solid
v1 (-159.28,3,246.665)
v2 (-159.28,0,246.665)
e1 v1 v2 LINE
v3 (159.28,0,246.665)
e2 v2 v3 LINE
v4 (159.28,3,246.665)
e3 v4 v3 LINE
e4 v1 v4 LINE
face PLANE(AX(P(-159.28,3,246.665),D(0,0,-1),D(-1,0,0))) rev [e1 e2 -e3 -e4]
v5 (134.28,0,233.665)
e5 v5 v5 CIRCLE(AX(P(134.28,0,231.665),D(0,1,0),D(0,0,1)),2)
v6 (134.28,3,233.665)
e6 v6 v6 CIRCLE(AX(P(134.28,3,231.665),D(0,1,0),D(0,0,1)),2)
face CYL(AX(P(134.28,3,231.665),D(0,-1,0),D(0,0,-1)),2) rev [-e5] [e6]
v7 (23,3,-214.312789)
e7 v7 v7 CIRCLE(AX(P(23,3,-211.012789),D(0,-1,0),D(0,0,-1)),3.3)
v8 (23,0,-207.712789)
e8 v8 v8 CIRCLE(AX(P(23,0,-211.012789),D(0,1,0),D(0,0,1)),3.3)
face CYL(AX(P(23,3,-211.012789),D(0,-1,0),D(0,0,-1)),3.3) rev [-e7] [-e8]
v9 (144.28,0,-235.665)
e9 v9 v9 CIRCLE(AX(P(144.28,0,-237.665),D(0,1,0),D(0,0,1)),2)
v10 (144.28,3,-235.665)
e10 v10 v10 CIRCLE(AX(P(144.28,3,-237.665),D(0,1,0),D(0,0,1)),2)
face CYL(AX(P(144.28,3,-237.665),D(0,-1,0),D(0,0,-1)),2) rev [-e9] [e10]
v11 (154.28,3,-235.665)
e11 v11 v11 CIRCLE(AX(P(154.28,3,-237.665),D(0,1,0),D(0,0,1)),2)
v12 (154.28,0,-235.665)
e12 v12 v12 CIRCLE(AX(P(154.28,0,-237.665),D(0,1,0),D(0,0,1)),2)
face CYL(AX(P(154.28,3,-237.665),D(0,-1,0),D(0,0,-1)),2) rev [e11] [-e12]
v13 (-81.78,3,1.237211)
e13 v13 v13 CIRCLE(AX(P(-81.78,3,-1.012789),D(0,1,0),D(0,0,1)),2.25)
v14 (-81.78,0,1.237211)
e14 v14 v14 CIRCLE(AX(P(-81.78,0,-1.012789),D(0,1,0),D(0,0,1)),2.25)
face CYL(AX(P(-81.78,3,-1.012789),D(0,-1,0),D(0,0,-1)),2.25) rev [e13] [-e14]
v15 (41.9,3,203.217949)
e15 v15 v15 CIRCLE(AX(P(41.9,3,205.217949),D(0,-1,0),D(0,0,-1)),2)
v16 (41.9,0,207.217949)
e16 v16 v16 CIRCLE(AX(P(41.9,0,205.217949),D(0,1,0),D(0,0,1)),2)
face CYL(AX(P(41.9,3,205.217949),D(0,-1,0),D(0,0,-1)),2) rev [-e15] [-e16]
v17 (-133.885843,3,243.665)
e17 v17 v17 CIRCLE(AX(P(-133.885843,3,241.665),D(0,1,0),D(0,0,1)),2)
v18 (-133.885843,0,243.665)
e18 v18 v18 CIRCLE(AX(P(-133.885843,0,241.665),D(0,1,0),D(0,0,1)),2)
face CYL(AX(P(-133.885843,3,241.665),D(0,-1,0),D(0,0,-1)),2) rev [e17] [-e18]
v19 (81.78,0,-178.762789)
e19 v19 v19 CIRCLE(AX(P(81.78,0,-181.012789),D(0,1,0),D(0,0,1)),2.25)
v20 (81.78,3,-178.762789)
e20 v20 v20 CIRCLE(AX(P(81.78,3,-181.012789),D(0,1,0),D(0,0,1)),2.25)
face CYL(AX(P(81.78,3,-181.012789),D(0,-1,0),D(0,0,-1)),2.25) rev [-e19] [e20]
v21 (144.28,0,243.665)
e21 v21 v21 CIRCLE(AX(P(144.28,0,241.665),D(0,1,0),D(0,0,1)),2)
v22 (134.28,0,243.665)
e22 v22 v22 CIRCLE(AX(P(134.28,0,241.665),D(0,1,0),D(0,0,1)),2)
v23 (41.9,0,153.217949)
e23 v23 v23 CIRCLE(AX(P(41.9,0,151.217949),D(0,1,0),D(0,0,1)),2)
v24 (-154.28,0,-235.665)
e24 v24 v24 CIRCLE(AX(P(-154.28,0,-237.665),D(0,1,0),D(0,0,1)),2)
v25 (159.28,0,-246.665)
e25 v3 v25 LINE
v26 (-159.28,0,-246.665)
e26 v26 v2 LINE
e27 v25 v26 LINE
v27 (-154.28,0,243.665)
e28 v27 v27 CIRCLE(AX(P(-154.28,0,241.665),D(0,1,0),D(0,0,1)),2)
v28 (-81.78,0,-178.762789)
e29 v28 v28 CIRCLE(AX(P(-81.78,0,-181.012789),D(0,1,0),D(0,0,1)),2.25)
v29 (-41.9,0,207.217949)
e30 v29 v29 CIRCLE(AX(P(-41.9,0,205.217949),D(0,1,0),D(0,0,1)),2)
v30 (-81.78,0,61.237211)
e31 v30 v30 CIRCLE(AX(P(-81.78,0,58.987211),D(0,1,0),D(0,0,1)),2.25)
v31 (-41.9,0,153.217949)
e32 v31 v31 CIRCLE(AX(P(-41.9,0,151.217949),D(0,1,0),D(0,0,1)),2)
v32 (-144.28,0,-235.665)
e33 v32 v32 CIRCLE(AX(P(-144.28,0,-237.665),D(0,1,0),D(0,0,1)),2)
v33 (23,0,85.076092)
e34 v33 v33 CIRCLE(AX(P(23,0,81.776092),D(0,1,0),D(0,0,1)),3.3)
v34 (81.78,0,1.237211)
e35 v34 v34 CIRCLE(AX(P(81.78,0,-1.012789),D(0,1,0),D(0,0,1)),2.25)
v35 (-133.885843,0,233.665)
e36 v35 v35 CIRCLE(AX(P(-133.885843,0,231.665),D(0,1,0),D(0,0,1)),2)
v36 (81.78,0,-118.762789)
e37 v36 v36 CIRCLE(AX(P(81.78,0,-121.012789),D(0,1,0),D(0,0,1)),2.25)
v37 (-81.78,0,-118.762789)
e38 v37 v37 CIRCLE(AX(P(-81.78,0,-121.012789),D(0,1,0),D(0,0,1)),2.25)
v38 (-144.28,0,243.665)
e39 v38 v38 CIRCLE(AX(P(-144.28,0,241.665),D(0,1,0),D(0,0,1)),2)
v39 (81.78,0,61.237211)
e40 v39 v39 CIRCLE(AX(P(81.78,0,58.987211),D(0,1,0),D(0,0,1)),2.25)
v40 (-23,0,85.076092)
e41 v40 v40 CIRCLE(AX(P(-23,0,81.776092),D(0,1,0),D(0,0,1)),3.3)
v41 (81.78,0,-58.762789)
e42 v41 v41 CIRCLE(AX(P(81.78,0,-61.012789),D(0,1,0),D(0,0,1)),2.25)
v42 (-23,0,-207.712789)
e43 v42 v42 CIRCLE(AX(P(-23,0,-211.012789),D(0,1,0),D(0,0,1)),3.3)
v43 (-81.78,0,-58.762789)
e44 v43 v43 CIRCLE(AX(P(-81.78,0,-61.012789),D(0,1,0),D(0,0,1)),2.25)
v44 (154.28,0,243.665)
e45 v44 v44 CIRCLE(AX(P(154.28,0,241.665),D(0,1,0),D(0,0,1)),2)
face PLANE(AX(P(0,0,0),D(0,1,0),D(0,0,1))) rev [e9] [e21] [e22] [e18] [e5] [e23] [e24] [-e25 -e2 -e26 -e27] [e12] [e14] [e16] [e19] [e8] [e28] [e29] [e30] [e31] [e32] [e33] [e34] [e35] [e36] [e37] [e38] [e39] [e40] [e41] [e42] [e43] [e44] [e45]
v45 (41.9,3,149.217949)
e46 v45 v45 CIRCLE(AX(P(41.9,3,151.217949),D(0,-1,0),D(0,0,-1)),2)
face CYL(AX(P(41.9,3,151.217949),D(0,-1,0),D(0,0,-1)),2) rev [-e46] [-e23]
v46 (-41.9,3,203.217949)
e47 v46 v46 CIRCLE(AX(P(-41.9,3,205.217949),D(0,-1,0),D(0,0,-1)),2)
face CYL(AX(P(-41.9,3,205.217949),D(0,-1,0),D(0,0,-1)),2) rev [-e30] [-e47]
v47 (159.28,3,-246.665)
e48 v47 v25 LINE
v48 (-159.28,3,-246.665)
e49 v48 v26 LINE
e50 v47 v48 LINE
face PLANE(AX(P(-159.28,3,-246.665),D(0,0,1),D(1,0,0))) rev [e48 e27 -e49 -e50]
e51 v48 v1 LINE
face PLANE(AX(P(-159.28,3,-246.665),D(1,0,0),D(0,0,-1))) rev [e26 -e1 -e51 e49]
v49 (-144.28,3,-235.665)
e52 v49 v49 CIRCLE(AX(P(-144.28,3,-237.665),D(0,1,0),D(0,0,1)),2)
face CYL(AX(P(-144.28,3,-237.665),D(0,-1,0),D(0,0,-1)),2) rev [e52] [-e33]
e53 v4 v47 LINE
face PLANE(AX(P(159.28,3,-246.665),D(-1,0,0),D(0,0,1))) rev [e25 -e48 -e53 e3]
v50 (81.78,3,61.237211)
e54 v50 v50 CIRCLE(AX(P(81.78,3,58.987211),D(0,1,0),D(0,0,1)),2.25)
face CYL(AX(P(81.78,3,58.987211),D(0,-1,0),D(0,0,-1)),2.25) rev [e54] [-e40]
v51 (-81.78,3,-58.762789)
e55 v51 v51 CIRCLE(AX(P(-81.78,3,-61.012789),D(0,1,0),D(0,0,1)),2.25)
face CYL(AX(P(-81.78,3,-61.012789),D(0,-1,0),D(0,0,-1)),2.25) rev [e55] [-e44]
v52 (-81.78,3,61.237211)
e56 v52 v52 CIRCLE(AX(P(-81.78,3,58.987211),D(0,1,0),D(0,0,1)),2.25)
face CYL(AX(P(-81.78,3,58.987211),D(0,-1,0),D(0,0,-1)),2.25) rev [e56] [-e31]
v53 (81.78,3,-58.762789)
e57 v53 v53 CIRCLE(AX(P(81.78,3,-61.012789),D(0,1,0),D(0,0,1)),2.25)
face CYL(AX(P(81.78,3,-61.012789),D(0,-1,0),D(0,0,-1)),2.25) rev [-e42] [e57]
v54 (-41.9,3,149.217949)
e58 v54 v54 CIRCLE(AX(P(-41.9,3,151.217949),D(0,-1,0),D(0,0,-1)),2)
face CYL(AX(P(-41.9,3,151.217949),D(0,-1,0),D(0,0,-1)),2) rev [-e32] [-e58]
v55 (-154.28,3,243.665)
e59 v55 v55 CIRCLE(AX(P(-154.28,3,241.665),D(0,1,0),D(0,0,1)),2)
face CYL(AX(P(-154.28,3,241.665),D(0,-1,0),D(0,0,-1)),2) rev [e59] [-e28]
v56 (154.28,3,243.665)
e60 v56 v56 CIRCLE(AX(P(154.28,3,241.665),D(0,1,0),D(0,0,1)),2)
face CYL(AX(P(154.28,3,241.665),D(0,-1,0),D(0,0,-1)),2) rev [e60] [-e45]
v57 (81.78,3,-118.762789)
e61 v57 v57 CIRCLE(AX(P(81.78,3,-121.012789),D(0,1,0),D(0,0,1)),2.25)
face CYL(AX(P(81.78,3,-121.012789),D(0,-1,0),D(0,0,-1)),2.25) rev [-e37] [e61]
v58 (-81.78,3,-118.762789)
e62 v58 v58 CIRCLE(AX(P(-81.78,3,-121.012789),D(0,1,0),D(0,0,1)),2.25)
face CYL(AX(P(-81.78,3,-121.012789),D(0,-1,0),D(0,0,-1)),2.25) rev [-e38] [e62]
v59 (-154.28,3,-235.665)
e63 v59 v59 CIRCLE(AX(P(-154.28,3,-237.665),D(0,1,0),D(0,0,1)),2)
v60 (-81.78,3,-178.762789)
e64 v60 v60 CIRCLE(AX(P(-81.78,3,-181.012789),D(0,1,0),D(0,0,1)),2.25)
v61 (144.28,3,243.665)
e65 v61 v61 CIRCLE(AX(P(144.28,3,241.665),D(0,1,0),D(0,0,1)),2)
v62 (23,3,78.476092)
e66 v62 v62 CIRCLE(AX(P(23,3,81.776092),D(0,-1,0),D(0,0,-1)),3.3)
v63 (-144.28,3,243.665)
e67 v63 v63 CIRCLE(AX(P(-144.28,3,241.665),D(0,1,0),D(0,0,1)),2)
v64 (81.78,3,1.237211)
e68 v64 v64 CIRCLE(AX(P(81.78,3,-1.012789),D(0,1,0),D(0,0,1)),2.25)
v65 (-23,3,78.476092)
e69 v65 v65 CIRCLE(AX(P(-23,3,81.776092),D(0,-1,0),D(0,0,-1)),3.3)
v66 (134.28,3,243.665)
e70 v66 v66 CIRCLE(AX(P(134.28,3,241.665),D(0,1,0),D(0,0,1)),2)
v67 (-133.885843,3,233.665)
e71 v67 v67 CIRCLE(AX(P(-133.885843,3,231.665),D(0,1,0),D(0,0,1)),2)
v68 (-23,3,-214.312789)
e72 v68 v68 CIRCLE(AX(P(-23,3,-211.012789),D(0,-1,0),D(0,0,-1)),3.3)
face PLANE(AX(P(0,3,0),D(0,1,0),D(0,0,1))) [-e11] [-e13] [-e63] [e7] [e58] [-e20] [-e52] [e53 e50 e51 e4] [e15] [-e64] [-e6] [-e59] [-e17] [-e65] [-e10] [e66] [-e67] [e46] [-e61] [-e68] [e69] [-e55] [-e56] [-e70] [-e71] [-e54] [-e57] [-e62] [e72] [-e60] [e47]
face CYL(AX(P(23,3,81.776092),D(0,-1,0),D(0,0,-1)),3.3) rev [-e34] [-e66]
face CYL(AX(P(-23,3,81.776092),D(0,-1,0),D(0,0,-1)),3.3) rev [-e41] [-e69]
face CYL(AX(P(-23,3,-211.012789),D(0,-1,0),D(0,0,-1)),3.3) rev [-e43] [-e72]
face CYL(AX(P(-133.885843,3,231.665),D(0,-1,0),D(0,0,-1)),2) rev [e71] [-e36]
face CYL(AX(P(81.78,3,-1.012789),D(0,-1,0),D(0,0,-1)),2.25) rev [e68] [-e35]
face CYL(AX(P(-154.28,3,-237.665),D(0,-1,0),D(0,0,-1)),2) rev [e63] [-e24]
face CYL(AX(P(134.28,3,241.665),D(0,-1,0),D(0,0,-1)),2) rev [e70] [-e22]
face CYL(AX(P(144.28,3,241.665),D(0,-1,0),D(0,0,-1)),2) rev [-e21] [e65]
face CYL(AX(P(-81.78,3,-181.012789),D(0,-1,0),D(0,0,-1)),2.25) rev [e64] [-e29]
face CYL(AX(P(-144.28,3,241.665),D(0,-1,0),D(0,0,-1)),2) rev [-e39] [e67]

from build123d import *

# Parameters (mm, degrees)
SKETCH_1_W               = 318.56
SKETCH_1_H               = 493.33
SKETCH_1_R               = 2.25
SKETCH_1_R_2             = 2
EXTRUDE_1_DEPTH          = 3
SKETCH_2_R               = 2
SKETCH_2_R_2             = 3.3
CUT_EXTRUDE_1_DEPTH      = 1
CUT_EXTRUDE_1_DEPTH_BACK = 4


with BuildPart() as part:
    # 草图1 → 凸台-拉伸1 (new body)
    with BuildSketch(Plane(origin=(0, 0, 0), x_dir=(1, 0, 0), z_dir=(0, 1, 0))):
        Rectangle(SKETCH_1_W, SKETCH_1_H)
        with Locations((81.78, 181.012789491)):
            Circle(SKETCH_1_R, mode=Mode.SUBTRACT)
        with Locations((81.78, 121.012789491)):
            Circle(SKETCH_1_R, mode=Mode.SUBTRACT)
        with Locations((81.78, 61.012789491)):
            Circle(SKETCH_1_R, mode=Mode.SUBTRACT)
        with Locations((81.78, -58.987210509)):
            Circle(SKETCH_1_R, mode=Mode.SUBTRACT)
        with Locations((81.78, 1.012789491)):
            Circle(SKETCH_1_R, mode=Mode.SUBTRACT)
        with Locations((-81.78, -58.987210509)):
            Circle(SKETCH_1_R, mode=Mode.SUBTRACT)
        with Locations((-81.78, 1.012789491)):
            Circle(SKETCH_1_R, mode=Mode.SUBTRACT)
        with Locations((-81.78, 61.012789491)):
            Circle(SKETCH_1_R, mode=Mode.SUBTRACT)
        with Locations((-81.78, 121.012789491)):
            Circle(SKETCH_1_R, mode=Mode.SUBTRACT)
        with Locations((-81.78, 181.012789491)):
            Circle(SKETCH_1_R, mode=Mode.SUBTRACT)
        with Locations((-154.28, 237.665)):
            Circle(SKETCH_1_R_2, mode=Mode.SUBTRACT)
        with Locations((-144.28, 237.665)):
            Circle(SKETCH_1_R_2, mode=Mode.SUBTRACT)
        with Locations((144.28, 237.665)):
            Circle(SKETCH_1_R_2, mode=Mode.SUBTRACT)
        with Locations((154.28, 237.665)):
            Circle(SKETCH_1_R_2, mode=Mode.SUBTRACT)
        with Locations((134.28, -231.665)):
            Circle(SKETCH_1_R_2, mode=Mode.SUBTRACT)
        with Locations((134.28, -241.665)):
            Circle(SKETCH_1_R_2, mode=Mode.SUBTRACT)
        with Locations((144.28, -241.665)):
            Circle(SKETCH_1_R_2, mode=Mode.SUBTRACT)
        with Locations((154.28, -241.665)):
            Circle(SKETCH_1_R_2, mode=Mode.SUBTRACT)
        with Locations((-133.885842783, -231.665)):
            Circle(SKETCH_1_R_2, mode=Mode.SUBTRACT)
        with Locations((-133.885842783, -241.665)):
            Circle(SKETCH_1_R_2, mode=Mode.SUBTRACT)
        with Locations((-144.28, -241.665)):
            Circle(SKETCH_1_R_2, mode=Mode.SUBTRACT)
        with Locations((-154.28, -241.665)):
            Circle(SKETCH_1_R_2, mode=Mode.SUBTRACT)
    extrude(amount=EXTRUDE_1_DEPTH)

    # 草图2 → 切除-拉伸1 (cut, two sides)
    with BuildSketch(Plane.XZ) as cut_extrude_1_sk:
        with Locations((41.9, 205.217949373)):
            Circle(SKETCH_2_R)
        with Locations((-41.9, 151.217949373)):
            Circle(SKETCH_2_R)
        with Locations((41.9, 151.217949373)):
            Circle(SKETCH_2_R)
        with Locations((-41.9, 205.217949373)):
            Circle(SKETCH_2_R)
        with Locations((-23, -211.012789491)):
            Circle(SKETCH_2_R_2)
        with Locations((23, -211.012789491)):
            Circle(SKETCH_2_R_2)
        with Locations((-23, 81.776091935)):
            Circle(SKETCH_2_R_2)
        with Locations((23, 81.776091935)):
            Circle(SKETCH_2_R_2)
    extrude(amount=CUT_EXTRUDE_1_DEPTH, mode=Mode.SUBTRACT)
    extrude(cut_extrude_1_sk.sketch, amount=-CUT_EXTRUDE_1_DEPTH_BACK, mode=Mode.SUBTRACT)


solid = part.part
